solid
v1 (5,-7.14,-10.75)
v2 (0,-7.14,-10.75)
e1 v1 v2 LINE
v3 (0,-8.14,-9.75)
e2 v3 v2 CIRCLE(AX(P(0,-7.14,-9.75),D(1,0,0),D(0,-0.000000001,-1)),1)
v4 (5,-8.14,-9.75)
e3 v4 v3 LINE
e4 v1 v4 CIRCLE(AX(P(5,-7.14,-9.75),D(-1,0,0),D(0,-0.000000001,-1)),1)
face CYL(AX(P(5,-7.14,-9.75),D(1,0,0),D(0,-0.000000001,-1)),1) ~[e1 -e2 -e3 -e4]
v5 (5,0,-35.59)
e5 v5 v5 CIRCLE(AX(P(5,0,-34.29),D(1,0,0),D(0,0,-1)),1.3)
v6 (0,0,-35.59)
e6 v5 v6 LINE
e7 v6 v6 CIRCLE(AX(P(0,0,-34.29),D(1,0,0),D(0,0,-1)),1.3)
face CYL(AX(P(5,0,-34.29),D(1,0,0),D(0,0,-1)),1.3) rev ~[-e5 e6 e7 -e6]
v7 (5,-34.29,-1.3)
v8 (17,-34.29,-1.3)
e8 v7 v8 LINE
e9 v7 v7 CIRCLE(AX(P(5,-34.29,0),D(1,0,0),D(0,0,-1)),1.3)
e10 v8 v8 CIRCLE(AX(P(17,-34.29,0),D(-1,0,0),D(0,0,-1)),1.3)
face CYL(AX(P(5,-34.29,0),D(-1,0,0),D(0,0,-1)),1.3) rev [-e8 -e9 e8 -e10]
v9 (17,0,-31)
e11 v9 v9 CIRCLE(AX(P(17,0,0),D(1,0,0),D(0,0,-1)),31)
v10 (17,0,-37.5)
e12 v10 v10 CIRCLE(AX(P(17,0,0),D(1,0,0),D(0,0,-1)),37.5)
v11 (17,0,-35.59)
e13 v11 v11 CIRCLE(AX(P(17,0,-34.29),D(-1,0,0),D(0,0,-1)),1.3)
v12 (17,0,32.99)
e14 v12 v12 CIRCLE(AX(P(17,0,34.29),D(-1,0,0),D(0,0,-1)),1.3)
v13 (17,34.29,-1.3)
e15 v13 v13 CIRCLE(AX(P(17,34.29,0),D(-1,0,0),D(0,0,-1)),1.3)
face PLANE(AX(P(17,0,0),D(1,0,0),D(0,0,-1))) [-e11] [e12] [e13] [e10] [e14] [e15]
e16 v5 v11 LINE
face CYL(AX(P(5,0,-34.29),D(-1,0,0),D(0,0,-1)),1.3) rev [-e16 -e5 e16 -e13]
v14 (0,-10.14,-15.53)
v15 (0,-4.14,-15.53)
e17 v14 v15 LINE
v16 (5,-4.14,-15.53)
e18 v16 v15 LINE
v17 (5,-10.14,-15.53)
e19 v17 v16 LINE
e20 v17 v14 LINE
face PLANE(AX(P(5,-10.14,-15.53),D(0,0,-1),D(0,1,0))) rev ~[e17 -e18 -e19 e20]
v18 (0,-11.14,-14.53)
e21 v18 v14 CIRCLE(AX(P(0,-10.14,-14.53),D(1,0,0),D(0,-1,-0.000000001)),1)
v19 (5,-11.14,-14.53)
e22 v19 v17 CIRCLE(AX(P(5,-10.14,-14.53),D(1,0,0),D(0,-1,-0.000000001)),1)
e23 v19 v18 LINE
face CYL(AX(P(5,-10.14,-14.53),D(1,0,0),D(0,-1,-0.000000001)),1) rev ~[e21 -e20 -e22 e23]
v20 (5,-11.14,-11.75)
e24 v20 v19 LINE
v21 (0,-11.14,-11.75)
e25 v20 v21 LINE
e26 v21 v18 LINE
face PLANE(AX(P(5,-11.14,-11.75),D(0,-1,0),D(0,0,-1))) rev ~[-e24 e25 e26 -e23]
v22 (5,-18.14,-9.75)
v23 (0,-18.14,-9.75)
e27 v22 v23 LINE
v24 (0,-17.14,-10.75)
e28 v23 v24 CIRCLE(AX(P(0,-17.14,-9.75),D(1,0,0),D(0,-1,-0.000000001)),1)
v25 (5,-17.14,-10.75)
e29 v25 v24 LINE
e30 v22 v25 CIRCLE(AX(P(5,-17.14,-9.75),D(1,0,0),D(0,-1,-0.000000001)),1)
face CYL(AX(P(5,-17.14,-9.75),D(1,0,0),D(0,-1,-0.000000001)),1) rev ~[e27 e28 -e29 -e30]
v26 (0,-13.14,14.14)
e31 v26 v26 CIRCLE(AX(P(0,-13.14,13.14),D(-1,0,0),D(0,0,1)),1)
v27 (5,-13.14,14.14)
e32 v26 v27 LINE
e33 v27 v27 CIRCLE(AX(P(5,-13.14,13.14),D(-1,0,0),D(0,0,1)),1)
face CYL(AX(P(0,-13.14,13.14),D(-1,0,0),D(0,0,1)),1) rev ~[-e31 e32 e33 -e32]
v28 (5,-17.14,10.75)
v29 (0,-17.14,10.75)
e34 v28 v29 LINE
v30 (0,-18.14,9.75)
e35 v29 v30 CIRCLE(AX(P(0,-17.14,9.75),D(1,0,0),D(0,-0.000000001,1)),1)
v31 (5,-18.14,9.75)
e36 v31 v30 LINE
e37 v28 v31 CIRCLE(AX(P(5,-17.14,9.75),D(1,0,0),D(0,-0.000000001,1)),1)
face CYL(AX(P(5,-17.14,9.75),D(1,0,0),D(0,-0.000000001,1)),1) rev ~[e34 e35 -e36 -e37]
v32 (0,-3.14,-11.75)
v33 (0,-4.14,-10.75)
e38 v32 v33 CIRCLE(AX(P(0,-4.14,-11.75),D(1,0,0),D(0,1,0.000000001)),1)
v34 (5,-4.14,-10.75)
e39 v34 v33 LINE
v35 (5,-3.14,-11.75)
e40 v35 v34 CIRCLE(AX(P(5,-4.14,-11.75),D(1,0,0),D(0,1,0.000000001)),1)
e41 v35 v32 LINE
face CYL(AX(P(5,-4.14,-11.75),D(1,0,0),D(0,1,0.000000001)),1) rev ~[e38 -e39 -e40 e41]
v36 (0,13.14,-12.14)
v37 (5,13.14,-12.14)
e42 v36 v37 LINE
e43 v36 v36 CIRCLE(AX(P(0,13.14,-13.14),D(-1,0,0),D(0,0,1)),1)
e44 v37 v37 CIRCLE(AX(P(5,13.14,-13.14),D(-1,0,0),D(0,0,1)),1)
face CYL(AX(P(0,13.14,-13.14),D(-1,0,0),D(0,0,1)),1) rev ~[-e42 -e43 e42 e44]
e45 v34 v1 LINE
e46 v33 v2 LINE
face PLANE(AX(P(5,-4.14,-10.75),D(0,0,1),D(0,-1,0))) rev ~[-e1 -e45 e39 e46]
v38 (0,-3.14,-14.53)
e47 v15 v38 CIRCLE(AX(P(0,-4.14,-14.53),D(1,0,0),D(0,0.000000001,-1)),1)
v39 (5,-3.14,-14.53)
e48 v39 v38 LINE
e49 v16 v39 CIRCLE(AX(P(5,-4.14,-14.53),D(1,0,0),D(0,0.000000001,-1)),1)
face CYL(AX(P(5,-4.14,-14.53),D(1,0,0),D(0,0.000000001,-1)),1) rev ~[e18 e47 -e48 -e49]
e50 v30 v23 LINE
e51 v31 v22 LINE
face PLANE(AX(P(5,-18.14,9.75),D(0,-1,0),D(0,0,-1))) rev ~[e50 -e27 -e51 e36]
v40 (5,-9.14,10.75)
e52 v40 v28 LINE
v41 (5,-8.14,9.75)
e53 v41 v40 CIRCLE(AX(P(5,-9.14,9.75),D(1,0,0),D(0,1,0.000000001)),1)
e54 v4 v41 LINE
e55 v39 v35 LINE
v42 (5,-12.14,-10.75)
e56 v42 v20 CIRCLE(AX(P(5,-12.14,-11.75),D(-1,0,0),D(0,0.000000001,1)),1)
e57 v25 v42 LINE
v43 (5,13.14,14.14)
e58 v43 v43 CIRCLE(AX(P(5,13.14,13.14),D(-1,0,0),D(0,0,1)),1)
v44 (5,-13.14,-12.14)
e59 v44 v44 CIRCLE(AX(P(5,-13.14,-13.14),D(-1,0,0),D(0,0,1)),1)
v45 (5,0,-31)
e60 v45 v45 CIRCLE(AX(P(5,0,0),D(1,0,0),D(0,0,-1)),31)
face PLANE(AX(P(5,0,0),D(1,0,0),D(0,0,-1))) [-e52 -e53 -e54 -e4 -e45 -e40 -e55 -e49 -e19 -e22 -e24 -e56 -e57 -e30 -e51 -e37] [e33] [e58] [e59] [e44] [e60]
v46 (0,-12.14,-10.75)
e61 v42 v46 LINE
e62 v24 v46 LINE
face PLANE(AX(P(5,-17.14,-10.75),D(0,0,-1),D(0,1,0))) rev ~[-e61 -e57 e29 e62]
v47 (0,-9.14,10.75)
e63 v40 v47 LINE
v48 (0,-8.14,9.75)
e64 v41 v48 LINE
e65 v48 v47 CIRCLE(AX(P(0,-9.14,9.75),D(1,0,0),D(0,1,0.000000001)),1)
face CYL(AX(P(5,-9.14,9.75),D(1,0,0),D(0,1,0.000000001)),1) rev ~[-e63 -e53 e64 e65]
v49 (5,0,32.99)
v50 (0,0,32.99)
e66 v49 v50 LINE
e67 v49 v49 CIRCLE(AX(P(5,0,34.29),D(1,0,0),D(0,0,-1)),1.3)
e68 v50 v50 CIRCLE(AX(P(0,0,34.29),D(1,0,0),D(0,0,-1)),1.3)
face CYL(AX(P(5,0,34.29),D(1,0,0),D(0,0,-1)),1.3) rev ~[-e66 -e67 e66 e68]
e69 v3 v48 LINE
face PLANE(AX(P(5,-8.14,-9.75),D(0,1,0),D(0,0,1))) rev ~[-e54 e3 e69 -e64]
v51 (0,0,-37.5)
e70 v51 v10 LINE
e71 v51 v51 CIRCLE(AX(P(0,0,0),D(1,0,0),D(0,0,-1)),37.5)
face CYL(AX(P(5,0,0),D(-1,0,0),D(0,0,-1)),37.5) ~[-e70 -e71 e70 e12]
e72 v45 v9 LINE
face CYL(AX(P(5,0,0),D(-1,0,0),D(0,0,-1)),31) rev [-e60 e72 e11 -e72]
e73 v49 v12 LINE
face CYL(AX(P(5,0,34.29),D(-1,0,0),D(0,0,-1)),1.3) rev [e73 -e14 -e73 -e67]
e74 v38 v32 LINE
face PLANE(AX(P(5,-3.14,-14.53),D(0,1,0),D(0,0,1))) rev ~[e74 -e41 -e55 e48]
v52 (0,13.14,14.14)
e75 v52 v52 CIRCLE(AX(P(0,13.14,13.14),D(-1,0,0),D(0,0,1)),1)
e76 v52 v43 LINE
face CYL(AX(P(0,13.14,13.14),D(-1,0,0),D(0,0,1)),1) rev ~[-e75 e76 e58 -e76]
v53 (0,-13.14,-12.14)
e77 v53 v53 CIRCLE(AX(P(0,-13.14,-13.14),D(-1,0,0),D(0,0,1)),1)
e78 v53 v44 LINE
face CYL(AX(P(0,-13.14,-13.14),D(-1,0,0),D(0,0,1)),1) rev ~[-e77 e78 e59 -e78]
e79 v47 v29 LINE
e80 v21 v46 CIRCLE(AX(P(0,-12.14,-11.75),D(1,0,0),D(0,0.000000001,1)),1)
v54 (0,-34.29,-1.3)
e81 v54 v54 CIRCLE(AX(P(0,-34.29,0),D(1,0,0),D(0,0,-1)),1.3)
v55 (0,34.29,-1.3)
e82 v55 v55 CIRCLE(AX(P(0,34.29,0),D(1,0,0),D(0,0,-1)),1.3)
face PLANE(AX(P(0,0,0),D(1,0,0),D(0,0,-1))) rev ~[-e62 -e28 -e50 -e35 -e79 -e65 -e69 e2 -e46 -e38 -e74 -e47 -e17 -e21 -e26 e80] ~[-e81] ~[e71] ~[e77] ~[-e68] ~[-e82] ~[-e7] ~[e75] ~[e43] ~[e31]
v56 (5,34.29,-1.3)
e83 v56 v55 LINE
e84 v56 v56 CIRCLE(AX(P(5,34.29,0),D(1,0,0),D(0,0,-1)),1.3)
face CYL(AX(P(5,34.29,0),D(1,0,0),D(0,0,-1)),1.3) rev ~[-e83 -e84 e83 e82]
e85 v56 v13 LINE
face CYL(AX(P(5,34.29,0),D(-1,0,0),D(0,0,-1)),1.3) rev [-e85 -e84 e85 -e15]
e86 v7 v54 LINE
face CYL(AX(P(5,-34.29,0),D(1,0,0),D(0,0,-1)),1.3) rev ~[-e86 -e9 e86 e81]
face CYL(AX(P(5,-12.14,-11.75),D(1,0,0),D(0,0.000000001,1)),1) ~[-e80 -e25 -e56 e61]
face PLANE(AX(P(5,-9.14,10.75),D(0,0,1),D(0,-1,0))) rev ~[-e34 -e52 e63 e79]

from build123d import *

# Parameters (mm, degrees)
SKETCH1_R               = 37.5
BOSS_EXTRUDE1_DEPTH     = 5
SKETCH3_R               = 1
CUT_EXTRUDE2_DEPTH      = 6
SKETCH4_R               = 37.5
SKETCH4_R_2             = 31
BOSS_EXTRUDE2_DEPTH     = 12
SKETCH2_R               = 1.3
CUT_EXTRUDE1_DEPTH      = 13
CUT_EXTRUDE1_DEPTH_BACK = 6
CUT_EXTRUDE3_DEPTH      = 6


with BuildPart() as part:
    # Sketch1 → Boss-Extrude1 (new body)
    with BuildSketch(Plane(origin=(0, 0, 0), x_dir=(0, 0, -1), z_dir=(1, 0, 0))):
        Circle(SKETCH1_R)
    extrude(amount=BOSS_EXTRUDE1_DEPTH)

    # Sketch3 → Cut-Extrude2 (cut, through all)
    with BuildSketch(Plane.ZY):
        with Locations((-13.14, 13.14)):
            Circle(SKETCH3_R)
        with Locations((13.14, 13.14)):
            Circle(SKETCH3_R)
        with Locations((13.14, -13.14)):
            Circle(SKETCH3_R)
        with Locations((-13.14, -13.14)):
            Circle(SKETCH3_R)
    extrude(amount=-CUT_EXTRUDE2_DEPTH, mode=Mode.SUBTRACT)

    # Sketch4 → Boss-Extrude2 (add)
    with BuildSketch(Plane(origin=(5, 0, 0), x_dir=(0, 0, -1), z_dir=(1, 0, 0))):
        Circle(SKETCH4_R)
        Circle(SKETCH4_R_2, mode=Mode.SUBTRACT)
    extrude(amount=BOSS_EXTRUDE2_DEPTH)

    # Sketch2 → Cut-Extrude1 (cut, two sides)
    with BuildSketch(Plane(origin=(5, 0, 0), x_dir=(0, 0, -1), z_dir=(1, 0, 0))) as cut_extrude1_sk:
        with Locations((0, 34.29)):
            Circle(SKETCH2_R)
        with Locations((34.29, 0)):
            Circle(SKETCH2_R)
        with Locations((0, -34.29)):
            Circle(SKETCH2_R)
        with Locations((-34.29, 0)):
            Circle(SKETCH2_R)
    extrude(amount=CUT_EXTRUDE1_DEPTH, mode=Mode.SUBTRACT)
    extrude(cut_extrude1_sk.sketch, amount=-CUT_EXTRUDE1_DEPTH_BACK, mode=Mode.SUBTRACT)

    # Sketch5 → Cut-Extrude3 (cut, through all)
    with BuildSketch(Plane(origin=(5, 0, 0), x_dir=(0, 0, -1), z_dir=(1, 0, 0))):
        with BuildLine():
            Line((9.75, -8.14), (-9.75, -8.14))
            ThreePointArc((-9.75, -8.14), (-10.457106781, -8.432893219), (-10.75, -9.14))
            Line((-10.75, -9.14), (-10.75, -17.14))
            ThreePointArc((-10.75, -17.14), (-10.457106781, -17.847106781), (-9.75, -18.14))
            Line((-9.75, -18.14), (9.75, -18.14))
            ThreePointArc((9.75, -18.14), (10.457106781, -17.847106781), (10.75, -17.14))
            Line((10.75, -17.14), (10.75, -12.14))
            ThreePointArc((10.75, -12.14), (11.042893219, -11.432893219), (11.75, -11.14))
            Line((11.75, -11.14), (14.53, -11.14))
            ThreePointArc((14.53, -11.14), (15.237106781, -10.847106781), (15.53, -10.14))
            Line((15.53, -10.14), (15.53, -4.14))
            ThreePointArc((15.53, -4.14), (15.237106781, -3.432893219), (14.53, -3.14))
            Line((14.53, -3.14), (11.75, -3.14))
            ThreePointArc((11.75, -3.14), (11.042893219, -3.432893219), (10.75, -4.14))
            Line((10.75, -4.14), (10.75, -7.14))
            ThreePointArc((10.75, -7.14), (10.457106781, -7.847106781), (9.75, -8.14))
        make_face()
    extrude(amount=-CUT_EXTRUDE3_DEPTH, mode=Mode.SUBTRACT)


solid = part.part
